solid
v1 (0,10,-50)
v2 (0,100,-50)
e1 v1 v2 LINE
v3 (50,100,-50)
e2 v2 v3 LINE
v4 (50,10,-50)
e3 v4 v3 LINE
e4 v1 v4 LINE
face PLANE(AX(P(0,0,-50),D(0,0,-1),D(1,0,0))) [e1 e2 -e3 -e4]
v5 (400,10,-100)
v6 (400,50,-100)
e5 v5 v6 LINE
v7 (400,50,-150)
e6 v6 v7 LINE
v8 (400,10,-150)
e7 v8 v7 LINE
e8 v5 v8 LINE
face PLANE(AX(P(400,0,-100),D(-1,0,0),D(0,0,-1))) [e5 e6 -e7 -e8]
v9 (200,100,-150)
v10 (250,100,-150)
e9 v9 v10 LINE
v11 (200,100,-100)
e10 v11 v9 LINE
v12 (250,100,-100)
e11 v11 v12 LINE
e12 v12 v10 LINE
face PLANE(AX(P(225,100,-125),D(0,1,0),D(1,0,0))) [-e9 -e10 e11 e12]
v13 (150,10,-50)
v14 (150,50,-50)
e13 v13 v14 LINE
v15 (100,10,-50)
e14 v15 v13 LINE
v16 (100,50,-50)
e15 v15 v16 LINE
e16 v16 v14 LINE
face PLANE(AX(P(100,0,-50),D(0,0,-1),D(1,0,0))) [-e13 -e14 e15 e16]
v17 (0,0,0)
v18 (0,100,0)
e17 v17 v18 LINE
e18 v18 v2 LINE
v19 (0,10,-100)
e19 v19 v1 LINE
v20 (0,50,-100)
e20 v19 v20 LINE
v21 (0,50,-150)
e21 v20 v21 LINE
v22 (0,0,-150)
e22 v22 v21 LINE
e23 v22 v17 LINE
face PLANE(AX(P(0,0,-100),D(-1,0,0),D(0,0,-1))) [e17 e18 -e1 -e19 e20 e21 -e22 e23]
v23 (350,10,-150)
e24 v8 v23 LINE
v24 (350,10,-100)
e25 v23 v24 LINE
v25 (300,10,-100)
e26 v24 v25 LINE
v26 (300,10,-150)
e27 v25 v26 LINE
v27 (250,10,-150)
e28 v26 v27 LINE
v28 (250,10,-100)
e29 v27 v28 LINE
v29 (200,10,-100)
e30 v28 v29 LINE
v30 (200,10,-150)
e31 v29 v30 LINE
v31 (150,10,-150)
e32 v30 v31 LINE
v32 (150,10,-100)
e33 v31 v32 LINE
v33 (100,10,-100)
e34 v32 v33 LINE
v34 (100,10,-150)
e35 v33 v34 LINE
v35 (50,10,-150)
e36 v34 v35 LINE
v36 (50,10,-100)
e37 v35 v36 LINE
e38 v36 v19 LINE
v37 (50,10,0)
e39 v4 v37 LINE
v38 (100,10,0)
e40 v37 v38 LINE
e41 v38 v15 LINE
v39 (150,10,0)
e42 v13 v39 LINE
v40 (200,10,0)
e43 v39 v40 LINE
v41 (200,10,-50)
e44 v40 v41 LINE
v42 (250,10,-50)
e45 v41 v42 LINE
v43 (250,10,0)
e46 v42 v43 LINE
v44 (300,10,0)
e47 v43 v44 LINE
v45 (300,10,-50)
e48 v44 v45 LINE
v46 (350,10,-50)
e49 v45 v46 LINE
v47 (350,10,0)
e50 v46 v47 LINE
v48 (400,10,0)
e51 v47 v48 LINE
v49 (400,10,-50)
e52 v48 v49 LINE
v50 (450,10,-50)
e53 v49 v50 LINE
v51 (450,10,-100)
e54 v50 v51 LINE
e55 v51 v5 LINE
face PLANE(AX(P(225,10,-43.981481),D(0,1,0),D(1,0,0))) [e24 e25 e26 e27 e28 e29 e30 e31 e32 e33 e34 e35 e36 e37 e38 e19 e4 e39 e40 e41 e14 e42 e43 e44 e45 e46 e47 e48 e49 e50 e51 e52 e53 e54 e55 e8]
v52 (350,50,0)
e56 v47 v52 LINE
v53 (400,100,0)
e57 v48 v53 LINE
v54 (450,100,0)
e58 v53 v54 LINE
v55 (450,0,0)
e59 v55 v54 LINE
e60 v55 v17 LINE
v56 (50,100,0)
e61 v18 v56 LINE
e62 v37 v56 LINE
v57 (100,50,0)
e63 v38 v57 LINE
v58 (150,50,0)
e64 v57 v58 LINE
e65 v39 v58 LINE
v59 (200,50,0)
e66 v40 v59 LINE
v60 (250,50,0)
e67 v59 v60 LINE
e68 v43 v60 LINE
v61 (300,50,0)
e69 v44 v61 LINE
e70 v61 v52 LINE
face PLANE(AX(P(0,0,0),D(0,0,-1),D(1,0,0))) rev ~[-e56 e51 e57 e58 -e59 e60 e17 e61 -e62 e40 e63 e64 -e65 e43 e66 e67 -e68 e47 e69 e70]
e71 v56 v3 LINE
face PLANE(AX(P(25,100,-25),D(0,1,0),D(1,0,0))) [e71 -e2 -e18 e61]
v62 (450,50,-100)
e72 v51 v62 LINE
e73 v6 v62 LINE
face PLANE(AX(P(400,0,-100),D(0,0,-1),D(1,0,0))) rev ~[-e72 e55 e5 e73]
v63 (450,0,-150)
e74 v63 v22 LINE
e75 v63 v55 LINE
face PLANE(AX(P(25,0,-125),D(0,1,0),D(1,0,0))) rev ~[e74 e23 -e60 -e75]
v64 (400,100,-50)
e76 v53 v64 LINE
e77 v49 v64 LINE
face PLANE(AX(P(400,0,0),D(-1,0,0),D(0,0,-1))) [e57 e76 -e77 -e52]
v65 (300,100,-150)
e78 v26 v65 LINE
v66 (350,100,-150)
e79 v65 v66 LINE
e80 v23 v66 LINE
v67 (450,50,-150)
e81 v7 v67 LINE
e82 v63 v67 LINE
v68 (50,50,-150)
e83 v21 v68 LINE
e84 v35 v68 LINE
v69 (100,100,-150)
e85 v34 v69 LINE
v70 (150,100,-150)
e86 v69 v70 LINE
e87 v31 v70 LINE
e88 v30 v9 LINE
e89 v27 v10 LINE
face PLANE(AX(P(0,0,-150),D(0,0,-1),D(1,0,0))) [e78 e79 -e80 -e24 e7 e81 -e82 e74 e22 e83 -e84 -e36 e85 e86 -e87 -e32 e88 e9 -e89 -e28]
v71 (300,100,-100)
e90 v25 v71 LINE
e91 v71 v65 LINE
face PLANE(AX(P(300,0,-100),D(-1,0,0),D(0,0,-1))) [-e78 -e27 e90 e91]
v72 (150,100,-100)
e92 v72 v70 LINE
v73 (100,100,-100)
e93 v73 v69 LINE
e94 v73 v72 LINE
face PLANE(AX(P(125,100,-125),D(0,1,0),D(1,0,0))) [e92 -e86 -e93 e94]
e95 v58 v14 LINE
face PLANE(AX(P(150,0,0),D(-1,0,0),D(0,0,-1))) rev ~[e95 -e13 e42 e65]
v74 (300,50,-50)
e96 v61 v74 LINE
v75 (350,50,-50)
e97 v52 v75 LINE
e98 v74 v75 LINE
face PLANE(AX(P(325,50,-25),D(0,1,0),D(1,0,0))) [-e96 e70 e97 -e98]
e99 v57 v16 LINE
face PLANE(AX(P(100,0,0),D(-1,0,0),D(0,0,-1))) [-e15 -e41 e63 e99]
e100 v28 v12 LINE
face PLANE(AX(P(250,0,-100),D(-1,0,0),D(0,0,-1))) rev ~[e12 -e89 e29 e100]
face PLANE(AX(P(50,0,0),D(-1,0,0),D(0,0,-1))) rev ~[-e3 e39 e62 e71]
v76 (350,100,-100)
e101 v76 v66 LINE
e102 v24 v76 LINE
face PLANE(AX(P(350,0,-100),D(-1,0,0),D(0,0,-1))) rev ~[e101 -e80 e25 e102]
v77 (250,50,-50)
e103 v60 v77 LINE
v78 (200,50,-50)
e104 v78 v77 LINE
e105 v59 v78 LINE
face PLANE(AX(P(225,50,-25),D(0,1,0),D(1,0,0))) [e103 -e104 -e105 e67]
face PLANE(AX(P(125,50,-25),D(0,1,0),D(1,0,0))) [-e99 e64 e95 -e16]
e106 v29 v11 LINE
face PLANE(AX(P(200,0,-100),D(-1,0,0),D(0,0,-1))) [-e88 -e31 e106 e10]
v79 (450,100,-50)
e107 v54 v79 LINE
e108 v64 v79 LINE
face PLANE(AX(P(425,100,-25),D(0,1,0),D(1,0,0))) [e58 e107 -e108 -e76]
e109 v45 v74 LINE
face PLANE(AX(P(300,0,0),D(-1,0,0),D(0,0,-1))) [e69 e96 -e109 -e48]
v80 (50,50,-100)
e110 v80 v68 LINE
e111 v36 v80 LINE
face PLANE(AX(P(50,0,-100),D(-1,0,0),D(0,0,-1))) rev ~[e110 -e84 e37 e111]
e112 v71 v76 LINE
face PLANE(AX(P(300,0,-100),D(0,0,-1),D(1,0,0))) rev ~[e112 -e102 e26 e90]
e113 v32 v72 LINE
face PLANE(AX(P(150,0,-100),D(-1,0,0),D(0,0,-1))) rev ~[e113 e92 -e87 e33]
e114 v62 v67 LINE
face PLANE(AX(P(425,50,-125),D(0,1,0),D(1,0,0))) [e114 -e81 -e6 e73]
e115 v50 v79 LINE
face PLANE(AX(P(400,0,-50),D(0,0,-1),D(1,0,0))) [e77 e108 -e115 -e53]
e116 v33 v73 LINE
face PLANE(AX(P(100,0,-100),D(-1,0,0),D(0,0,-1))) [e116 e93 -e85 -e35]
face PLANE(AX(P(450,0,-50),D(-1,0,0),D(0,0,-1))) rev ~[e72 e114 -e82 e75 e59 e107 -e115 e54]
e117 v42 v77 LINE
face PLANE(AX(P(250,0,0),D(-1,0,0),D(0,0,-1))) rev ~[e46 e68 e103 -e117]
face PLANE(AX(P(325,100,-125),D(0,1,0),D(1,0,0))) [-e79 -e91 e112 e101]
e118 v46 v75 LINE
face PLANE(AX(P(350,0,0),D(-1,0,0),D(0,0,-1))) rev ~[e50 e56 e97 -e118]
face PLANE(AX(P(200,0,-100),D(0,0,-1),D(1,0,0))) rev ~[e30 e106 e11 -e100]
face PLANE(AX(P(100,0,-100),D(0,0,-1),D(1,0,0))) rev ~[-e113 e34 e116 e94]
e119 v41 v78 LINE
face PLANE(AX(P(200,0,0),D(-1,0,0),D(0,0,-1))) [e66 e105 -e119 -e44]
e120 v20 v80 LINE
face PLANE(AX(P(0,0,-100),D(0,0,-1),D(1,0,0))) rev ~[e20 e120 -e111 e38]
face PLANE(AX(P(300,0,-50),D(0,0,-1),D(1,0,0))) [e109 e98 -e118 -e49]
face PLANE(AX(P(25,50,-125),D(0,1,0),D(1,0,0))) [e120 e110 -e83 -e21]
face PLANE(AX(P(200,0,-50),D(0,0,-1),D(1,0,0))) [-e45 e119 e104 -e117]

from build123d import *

# Parameters (mm, degrees)
BOSS_EXTRUDE3_DEPTH = 10
SKETCH2_5_W         = 50
SKETCH2_5_H         = 50
BOSS_EXTRUDE4_DEPTH = 100
SKETCH2_6_W         = 50
SKETCH2_6_H         = 50
BOSS_EXTRUDE5_DEPTH = 50


with BuildPart() as part:
    # Sketch2 → Boss-Extrude3 (new body)
    with BuildSketch(Plane(origin=(0, 0, 0), x_dir=(1, 0, 0), z_dir=(0, 1, 0))):
        Polygon((100, 100), (100, 150), (50, 150), (50, 100), (0, 100), (0, 50), (50, 50), (50, 0), (100, 0), (100, 50), (150, 50), (150, 0), (200, 0), (200, 50), (250, 50), (250, 0), (300, 0), (300, 50), (350, 50), (350, 0), (400, 0), (400, 50), (450, 50), (450, 100), (400, 100), (400, 150), (350, 150), (350, 100), (300, 100), (300, 150), (250, 150), (250, 100), (200, 100), (200, 150), (150, 150), (150, 100), align=None)
    extrude(amount=BOSS_EXTRUDE3_DEPTH)

    # Sketch2<5> → Boss-Extrude4 (add)
    with BuildSketch(Plane(origin=(0, 0, 0), x_dir=(1, 0, 0), z_dir=(0, 1, 0))):
        with Locations((125, 125)):
            Rectangle(SKETCH2_5_W, SKETCH2_5_H)
        with Locations((225, 125)):
            Rectangle(SKETCH2_5_W, SKETCH2_5_H)
        with Locations((325, 125)):
            Rectangle(SKETCH2_5_W, SKETCH2_5_H)
        with Locations((25, 25)):
            Rectangle(SKETCH2_5_W, SKETCH2_5_H)
        with Locations((425, 25)):
            Rectangle(SKETCH2_5_W, SKETCH2_5_H)
    extrude(amount=BOSS_EXTRUDE4_DEPTH)

    # Sketch2<6> → Boss-Extrude5 (add)
    with BuildSketch(Plane(origin=(0, 0, 0), x_dir=(1, 0, 0), z_dir=(0, 1, 0))):
        with Locations((25, 125)):
            Rectangle(SKETCH2_6_W, SKETCH2_6_H)
        with Locations((425, 125)):
            Rectangle(SKETCH2_6_W, SKETCH2_6_H)
        with Locations((125, 25)):
            Rectangle(SKETCH2_6_W, SKETCH2_6_H)
        with Locations((225, 25)):
            Rectangle(SKETCH2_6_W, SKETCH2_6_H)
        with Locations((325, 25)):
            Rectangle(SKETCH2_6_W, SKETCH2_6_H)
    extrude(amount=BOSS_EXTRUDE5_DEPTH)


solid = part.part
